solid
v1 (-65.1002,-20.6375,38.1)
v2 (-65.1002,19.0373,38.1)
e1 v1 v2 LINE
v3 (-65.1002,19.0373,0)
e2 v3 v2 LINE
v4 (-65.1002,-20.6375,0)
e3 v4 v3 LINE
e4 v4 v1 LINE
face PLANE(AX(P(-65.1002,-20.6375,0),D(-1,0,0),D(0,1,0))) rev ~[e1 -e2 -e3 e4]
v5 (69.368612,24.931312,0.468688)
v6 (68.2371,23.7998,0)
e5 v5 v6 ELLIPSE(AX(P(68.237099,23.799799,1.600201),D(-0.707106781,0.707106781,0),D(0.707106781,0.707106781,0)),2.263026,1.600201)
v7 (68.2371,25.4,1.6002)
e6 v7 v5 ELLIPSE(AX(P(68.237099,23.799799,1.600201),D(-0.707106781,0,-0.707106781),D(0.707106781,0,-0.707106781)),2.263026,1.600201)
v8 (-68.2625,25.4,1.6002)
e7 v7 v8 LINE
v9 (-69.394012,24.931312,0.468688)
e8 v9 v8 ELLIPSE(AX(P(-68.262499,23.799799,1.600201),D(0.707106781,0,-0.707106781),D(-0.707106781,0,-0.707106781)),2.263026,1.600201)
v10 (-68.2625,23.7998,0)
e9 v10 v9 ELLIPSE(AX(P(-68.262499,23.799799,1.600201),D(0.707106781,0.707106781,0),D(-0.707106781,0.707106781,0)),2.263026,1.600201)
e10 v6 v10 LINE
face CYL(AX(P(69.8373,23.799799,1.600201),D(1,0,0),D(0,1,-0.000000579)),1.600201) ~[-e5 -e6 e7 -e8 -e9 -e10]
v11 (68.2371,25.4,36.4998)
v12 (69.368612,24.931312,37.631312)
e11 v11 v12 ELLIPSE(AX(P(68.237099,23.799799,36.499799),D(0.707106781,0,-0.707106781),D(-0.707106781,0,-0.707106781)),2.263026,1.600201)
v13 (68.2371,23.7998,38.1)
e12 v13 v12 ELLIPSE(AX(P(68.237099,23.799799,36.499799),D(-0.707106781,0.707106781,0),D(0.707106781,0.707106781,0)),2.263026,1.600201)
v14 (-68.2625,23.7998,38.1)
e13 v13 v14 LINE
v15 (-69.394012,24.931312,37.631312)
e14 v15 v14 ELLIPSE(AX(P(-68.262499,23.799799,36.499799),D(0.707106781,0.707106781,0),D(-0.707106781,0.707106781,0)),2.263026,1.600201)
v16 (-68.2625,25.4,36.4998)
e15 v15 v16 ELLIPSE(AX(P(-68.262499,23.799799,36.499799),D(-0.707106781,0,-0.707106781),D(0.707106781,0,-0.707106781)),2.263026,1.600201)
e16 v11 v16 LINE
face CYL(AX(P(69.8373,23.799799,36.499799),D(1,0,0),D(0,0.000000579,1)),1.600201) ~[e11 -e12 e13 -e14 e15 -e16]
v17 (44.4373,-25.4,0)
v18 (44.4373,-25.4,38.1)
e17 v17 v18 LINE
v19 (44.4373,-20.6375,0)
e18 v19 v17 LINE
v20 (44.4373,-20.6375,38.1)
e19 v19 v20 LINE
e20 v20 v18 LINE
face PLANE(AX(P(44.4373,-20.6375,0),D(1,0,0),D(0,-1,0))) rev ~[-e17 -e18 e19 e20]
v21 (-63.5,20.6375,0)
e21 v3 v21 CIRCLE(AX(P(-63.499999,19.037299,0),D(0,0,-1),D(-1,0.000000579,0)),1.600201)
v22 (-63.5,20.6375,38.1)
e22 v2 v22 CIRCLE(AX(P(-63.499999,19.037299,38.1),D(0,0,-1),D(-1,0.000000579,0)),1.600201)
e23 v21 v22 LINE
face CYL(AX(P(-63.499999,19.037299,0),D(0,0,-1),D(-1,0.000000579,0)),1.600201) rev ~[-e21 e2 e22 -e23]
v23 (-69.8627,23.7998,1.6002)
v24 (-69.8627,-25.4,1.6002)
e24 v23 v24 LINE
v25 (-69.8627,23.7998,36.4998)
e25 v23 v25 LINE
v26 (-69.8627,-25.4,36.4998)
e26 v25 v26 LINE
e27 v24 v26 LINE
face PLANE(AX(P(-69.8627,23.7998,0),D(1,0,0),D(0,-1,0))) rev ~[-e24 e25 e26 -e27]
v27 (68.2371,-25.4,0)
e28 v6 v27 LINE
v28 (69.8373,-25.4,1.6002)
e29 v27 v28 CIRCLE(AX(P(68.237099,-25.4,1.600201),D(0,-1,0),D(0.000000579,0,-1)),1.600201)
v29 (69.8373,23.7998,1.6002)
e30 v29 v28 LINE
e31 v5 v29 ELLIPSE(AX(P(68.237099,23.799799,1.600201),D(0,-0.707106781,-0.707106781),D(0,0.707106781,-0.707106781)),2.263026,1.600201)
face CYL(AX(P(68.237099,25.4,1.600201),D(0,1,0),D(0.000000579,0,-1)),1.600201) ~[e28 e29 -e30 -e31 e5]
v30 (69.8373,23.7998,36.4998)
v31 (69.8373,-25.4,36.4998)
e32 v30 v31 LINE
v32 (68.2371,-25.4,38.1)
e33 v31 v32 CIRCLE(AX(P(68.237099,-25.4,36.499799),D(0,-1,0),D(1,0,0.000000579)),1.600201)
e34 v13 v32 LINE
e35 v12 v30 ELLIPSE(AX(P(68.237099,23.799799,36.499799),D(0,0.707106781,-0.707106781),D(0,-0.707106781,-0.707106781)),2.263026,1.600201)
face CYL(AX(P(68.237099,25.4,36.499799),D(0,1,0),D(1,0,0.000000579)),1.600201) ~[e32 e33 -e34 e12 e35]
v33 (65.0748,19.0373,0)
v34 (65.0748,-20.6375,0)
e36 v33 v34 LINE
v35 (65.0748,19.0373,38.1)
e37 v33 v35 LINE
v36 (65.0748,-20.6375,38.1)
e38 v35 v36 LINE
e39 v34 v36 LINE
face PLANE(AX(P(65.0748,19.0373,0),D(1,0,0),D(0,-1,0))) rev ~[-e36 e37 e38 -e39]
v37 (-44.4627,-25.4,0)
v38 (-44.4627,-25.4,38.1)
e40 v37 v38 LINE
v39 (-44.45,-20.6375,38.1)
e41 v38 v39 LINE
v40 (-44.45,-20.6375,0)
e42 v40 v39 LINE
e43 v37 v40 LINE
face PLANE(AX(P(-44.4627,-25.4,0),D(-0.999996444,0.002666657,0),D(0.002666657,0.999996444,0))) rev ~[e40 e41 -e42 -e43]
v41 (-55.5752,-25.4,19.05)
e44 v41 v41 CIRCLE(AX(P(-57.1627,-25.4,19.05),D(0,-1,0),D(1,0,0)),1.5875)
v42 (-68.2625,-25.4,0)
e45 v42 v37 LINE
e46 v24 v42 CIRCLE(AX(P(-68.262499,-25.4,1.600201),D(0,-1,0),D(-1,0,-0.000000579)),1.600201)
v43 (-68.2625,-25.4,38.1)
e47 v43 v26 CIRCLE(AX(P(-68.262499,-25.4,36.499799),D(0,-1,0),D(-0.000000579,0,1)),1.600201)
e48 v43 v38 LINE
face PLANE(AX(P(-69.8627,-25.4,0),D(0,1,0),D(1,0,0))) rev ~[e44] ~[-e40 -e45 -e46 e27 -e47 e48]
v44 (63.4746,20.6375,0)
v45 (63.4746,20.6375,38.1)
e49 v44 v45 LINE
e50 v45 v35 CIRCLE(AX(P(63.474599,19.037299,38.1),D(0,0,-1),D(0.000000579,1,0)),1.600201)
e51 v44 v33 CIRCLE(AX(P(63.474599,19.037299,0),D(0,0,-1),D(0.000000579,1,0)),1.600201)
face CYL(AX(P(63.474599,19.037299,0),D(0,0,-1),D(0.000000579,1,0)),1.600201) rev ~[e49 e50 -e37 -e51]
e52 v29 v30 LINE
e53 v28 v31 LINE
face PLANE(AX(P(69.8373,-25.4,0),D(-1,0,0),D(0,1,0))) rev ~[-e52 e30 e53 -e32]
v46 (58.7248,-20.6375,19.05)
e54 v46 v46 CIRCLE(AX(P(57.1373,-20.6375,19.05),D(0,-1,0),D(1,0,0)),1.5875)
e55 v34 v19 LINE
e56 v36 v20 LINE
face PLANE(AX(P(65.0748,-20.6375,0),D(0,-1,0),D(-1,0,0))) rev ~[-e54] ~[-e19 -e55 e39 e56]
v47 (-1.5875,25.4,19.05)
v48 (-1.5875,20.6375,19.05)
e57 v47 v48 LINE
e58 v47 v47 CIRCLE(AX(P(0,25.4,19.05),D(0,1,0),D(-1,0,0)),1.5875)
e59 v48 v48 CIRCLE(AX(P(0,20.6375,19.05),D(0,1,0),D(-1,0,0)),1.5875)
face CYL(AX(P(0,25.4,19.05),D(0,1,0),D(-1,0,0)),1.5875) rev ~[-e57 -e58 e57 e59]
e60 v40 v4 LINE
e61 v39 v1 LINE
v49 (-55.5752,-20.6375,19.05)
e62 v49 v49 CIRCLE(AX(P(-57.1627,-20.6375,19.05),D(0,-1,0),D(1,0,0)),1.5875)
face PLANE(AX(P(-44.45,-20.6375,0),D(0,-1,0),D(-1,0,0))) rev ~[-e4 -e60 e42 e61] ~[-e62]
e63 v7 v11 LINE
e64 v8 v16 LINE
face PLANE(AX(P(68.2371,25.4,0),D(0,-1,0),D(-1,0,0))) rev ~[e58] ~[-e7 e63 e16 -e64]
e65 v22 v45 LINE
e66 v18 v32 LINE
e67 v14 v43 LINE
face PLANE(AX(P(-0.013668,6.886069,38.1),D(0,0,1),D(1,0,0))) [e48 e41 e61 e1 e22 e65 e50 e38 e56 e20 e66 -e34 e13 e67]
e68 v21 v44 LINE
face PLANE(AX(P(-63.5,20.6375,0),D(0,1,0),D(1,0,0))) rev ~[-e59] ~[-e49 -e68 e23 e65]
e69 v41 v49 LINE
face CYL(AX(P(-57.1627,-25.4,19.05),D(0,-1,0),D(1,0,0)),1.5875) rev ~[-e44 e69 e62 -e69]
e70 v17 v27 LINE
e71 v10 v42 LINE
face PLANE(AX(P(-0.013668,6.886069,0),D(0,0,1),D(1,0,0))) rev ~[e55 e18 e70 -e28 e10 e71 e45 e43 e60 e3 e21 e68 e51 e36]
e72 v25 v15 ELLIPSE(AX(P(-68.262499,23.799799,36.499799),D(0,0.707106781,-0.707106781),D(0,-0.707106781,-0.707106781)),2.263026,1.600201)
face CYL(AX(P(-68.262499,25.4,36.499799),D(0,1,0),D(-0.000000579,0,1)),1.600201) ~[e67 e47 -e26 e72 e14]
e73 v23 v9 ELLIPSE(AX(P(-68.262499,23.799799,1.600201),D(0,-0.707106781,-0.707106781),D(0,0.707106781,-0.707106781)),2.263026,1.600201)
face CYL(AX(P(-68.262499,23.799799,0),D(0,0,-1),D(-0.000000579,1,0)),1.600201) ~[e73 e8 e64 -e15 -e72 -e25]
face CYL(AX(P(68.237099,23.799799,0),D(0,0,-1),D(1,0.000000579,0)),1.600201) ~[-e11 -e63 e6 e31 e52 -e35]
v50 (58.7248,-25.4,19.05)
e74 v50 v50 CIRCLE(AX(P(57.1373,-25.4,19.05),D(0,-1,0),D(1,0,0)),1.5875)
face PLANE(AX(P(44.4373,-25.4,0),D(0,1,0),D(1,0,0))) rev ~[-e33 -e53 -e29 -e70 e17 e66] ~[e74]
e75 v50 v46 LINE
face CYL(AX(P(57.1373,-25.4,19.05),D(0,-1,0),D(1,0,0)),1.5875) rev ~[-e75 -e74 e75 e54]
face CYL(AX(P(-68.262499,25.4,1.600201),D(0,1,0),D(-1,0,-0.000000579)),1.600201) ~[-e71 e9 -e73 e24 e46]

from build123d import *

# Parameters (mm, degrees)
F1_DEPTH = 38.1
F2_R     = 1.5875
F3_DEPTH = 4.7625
F4_R     = 1.5875
F5_DEPTH = 4.7625
F7_DEPTH = 50.8
F9_DEPTH = 139.7


with BuildPart() as f1:
    # F0 (on Top) → F1 (new body)
    with BuildSketch(Plane.XY):
        with BuildLine():
            Line((-69.8627, -25.4), (-44.4627, -25.4))
            Line((-44.4627, -25.4), (-44.45, -20.6375))
            Line((-44.45, -20.6375), (-65.1002, -20.6375))
            Line((-65.1002, -20.6375), (-65.1002, 19.0373))
            ThreePointArc((-65.1002, 19.0373), (-64.631512, 20.168812), (-63.5, 20.6375))
            Line((-63.5, 20.6375), (63.4746, 20.6375))
            ThreePointArc((63.4746, 20.6375), (64.606112, 20.168812), (65.0748, 19.0373))
            Line((65.0748, 19.0373), (65.0748, -20.6375))
            Line((65.0748, -20.6375), (44.4373, -20.6375))
            Line((44.4373, -20.6375), (44.4373, -25.4))
            Line((44.4373, -25.4), (69.8373, -25.4))
            Line((69.8373, -25.4), (69.8373, 23.7998))
            ThreePointArc((69.8373, 23.7998), (69.368612, 24.931312), (68.2371, 25.4))
            Line((68.2371, 25.4), (-68.2625, 25.4))
            ThreePointArc((-68.2625, 25.4), (-69.394012, 24.931312), (-69.8627, 23.7998))
            Line((-69.8627, 23.7998), (-69.8627, -25.4))
        make_face()
    extrude(amount=F1_DEPTH)

    # F2 (on face) → F3 (cut)
    with BuildSketch(Plane.XZ.offset(25.4)):
        with Locations((-57.1627, 19.05)):
            Circle(F2_R)
        with Locations((57.1373, 19.05)):
            Circle(F2_R)
    extrude(amount=-F3_DEPTH, mode=Mode.SUBTRACT)

    # F4 (on face) → F5 (cut)
    with BuildSketch(Plane(origin=(0, 25.4, 0), x_dir=(-1, 0, 0), z_dir=(0, 1, 0))):
        with Locations((0, 19.05)):
            Circle(F4_R)
    extrude(amount=-F5_DEPTH, mode=Mode.SUBTRACT)

    # F6 (on face) → F7 (cut)
    with BuildSketch(Plane(origin=(0, 25.4, 0), x_dir=(-1, 0, 0), z_dir=(0, 1, 0))):
        with BuildLine():
            ThreePointArc((-69.8373, 36.4998), (-69.368612, 37.631312), (-68.2371, 38.1))
            Line((-68.2371, 38.1), (-69.8373, 38.1))
            Line((-69.8373, 38.1), (-69.8373, 36.4998))
        make_face()
        with BuildLine():
            ThreePointArc((-68.2371, 0), (-69.368612, 0.468688), (-69.8373, 1.6002))
            Line((-69.8373, 1.6002), (-69.8373, 0))
            Line((-69.8373, 0), (-68.2371, 0))
        make_face()
        with BuildLine():
            ThreePointArc((69.8627, 1.6002), (69.394012, 0.468688), (68.2625, 0))
            Line((68.2625, 0), (69.8627, 0))
            Line((69.8627, 0), (69.8627, 1.6002))
        make_face()
        with BuildLine():
            ThreePointArc((68.2625, 38.1), (69.394012, 37.631312), (69.8627, 36.4998))
            Line((69.8627, 36.4998), (69.8627, 38.1))
            Line((69.8627, 38.1), (68.2625, 38.1))
        make_face()
    extrude(amount=-F7_DEPTH, mode=Mode.SUBTRACT)

    # F8 (on face) → F9 (cut)
    with BuildSketch(Plane.YZ.offset(69.8373)):
        with BuildLine():
            ThreePointArc((23.7998, 38.1), (24.931312, 37.631312), (25.4, 36.4998))
            Line((25.4, 36.4998), (25.4, 38.1))
            Line((25.4, 38.1), (23.7998, 38.1))
        make_face()
        with BuildLine():
            ThreePointArc((25.4, 1.6002), (24.931312, 0.468688), (23.7998, 0))
            Line((23.7998, 0), (25.4, 0))
            Line((25.4, 0), (25.4, 1.6002))
        make_face()
    extrude(amount=-F9_DEPTH, mode=Mode.SUBTRACT)


solid = f1.part
